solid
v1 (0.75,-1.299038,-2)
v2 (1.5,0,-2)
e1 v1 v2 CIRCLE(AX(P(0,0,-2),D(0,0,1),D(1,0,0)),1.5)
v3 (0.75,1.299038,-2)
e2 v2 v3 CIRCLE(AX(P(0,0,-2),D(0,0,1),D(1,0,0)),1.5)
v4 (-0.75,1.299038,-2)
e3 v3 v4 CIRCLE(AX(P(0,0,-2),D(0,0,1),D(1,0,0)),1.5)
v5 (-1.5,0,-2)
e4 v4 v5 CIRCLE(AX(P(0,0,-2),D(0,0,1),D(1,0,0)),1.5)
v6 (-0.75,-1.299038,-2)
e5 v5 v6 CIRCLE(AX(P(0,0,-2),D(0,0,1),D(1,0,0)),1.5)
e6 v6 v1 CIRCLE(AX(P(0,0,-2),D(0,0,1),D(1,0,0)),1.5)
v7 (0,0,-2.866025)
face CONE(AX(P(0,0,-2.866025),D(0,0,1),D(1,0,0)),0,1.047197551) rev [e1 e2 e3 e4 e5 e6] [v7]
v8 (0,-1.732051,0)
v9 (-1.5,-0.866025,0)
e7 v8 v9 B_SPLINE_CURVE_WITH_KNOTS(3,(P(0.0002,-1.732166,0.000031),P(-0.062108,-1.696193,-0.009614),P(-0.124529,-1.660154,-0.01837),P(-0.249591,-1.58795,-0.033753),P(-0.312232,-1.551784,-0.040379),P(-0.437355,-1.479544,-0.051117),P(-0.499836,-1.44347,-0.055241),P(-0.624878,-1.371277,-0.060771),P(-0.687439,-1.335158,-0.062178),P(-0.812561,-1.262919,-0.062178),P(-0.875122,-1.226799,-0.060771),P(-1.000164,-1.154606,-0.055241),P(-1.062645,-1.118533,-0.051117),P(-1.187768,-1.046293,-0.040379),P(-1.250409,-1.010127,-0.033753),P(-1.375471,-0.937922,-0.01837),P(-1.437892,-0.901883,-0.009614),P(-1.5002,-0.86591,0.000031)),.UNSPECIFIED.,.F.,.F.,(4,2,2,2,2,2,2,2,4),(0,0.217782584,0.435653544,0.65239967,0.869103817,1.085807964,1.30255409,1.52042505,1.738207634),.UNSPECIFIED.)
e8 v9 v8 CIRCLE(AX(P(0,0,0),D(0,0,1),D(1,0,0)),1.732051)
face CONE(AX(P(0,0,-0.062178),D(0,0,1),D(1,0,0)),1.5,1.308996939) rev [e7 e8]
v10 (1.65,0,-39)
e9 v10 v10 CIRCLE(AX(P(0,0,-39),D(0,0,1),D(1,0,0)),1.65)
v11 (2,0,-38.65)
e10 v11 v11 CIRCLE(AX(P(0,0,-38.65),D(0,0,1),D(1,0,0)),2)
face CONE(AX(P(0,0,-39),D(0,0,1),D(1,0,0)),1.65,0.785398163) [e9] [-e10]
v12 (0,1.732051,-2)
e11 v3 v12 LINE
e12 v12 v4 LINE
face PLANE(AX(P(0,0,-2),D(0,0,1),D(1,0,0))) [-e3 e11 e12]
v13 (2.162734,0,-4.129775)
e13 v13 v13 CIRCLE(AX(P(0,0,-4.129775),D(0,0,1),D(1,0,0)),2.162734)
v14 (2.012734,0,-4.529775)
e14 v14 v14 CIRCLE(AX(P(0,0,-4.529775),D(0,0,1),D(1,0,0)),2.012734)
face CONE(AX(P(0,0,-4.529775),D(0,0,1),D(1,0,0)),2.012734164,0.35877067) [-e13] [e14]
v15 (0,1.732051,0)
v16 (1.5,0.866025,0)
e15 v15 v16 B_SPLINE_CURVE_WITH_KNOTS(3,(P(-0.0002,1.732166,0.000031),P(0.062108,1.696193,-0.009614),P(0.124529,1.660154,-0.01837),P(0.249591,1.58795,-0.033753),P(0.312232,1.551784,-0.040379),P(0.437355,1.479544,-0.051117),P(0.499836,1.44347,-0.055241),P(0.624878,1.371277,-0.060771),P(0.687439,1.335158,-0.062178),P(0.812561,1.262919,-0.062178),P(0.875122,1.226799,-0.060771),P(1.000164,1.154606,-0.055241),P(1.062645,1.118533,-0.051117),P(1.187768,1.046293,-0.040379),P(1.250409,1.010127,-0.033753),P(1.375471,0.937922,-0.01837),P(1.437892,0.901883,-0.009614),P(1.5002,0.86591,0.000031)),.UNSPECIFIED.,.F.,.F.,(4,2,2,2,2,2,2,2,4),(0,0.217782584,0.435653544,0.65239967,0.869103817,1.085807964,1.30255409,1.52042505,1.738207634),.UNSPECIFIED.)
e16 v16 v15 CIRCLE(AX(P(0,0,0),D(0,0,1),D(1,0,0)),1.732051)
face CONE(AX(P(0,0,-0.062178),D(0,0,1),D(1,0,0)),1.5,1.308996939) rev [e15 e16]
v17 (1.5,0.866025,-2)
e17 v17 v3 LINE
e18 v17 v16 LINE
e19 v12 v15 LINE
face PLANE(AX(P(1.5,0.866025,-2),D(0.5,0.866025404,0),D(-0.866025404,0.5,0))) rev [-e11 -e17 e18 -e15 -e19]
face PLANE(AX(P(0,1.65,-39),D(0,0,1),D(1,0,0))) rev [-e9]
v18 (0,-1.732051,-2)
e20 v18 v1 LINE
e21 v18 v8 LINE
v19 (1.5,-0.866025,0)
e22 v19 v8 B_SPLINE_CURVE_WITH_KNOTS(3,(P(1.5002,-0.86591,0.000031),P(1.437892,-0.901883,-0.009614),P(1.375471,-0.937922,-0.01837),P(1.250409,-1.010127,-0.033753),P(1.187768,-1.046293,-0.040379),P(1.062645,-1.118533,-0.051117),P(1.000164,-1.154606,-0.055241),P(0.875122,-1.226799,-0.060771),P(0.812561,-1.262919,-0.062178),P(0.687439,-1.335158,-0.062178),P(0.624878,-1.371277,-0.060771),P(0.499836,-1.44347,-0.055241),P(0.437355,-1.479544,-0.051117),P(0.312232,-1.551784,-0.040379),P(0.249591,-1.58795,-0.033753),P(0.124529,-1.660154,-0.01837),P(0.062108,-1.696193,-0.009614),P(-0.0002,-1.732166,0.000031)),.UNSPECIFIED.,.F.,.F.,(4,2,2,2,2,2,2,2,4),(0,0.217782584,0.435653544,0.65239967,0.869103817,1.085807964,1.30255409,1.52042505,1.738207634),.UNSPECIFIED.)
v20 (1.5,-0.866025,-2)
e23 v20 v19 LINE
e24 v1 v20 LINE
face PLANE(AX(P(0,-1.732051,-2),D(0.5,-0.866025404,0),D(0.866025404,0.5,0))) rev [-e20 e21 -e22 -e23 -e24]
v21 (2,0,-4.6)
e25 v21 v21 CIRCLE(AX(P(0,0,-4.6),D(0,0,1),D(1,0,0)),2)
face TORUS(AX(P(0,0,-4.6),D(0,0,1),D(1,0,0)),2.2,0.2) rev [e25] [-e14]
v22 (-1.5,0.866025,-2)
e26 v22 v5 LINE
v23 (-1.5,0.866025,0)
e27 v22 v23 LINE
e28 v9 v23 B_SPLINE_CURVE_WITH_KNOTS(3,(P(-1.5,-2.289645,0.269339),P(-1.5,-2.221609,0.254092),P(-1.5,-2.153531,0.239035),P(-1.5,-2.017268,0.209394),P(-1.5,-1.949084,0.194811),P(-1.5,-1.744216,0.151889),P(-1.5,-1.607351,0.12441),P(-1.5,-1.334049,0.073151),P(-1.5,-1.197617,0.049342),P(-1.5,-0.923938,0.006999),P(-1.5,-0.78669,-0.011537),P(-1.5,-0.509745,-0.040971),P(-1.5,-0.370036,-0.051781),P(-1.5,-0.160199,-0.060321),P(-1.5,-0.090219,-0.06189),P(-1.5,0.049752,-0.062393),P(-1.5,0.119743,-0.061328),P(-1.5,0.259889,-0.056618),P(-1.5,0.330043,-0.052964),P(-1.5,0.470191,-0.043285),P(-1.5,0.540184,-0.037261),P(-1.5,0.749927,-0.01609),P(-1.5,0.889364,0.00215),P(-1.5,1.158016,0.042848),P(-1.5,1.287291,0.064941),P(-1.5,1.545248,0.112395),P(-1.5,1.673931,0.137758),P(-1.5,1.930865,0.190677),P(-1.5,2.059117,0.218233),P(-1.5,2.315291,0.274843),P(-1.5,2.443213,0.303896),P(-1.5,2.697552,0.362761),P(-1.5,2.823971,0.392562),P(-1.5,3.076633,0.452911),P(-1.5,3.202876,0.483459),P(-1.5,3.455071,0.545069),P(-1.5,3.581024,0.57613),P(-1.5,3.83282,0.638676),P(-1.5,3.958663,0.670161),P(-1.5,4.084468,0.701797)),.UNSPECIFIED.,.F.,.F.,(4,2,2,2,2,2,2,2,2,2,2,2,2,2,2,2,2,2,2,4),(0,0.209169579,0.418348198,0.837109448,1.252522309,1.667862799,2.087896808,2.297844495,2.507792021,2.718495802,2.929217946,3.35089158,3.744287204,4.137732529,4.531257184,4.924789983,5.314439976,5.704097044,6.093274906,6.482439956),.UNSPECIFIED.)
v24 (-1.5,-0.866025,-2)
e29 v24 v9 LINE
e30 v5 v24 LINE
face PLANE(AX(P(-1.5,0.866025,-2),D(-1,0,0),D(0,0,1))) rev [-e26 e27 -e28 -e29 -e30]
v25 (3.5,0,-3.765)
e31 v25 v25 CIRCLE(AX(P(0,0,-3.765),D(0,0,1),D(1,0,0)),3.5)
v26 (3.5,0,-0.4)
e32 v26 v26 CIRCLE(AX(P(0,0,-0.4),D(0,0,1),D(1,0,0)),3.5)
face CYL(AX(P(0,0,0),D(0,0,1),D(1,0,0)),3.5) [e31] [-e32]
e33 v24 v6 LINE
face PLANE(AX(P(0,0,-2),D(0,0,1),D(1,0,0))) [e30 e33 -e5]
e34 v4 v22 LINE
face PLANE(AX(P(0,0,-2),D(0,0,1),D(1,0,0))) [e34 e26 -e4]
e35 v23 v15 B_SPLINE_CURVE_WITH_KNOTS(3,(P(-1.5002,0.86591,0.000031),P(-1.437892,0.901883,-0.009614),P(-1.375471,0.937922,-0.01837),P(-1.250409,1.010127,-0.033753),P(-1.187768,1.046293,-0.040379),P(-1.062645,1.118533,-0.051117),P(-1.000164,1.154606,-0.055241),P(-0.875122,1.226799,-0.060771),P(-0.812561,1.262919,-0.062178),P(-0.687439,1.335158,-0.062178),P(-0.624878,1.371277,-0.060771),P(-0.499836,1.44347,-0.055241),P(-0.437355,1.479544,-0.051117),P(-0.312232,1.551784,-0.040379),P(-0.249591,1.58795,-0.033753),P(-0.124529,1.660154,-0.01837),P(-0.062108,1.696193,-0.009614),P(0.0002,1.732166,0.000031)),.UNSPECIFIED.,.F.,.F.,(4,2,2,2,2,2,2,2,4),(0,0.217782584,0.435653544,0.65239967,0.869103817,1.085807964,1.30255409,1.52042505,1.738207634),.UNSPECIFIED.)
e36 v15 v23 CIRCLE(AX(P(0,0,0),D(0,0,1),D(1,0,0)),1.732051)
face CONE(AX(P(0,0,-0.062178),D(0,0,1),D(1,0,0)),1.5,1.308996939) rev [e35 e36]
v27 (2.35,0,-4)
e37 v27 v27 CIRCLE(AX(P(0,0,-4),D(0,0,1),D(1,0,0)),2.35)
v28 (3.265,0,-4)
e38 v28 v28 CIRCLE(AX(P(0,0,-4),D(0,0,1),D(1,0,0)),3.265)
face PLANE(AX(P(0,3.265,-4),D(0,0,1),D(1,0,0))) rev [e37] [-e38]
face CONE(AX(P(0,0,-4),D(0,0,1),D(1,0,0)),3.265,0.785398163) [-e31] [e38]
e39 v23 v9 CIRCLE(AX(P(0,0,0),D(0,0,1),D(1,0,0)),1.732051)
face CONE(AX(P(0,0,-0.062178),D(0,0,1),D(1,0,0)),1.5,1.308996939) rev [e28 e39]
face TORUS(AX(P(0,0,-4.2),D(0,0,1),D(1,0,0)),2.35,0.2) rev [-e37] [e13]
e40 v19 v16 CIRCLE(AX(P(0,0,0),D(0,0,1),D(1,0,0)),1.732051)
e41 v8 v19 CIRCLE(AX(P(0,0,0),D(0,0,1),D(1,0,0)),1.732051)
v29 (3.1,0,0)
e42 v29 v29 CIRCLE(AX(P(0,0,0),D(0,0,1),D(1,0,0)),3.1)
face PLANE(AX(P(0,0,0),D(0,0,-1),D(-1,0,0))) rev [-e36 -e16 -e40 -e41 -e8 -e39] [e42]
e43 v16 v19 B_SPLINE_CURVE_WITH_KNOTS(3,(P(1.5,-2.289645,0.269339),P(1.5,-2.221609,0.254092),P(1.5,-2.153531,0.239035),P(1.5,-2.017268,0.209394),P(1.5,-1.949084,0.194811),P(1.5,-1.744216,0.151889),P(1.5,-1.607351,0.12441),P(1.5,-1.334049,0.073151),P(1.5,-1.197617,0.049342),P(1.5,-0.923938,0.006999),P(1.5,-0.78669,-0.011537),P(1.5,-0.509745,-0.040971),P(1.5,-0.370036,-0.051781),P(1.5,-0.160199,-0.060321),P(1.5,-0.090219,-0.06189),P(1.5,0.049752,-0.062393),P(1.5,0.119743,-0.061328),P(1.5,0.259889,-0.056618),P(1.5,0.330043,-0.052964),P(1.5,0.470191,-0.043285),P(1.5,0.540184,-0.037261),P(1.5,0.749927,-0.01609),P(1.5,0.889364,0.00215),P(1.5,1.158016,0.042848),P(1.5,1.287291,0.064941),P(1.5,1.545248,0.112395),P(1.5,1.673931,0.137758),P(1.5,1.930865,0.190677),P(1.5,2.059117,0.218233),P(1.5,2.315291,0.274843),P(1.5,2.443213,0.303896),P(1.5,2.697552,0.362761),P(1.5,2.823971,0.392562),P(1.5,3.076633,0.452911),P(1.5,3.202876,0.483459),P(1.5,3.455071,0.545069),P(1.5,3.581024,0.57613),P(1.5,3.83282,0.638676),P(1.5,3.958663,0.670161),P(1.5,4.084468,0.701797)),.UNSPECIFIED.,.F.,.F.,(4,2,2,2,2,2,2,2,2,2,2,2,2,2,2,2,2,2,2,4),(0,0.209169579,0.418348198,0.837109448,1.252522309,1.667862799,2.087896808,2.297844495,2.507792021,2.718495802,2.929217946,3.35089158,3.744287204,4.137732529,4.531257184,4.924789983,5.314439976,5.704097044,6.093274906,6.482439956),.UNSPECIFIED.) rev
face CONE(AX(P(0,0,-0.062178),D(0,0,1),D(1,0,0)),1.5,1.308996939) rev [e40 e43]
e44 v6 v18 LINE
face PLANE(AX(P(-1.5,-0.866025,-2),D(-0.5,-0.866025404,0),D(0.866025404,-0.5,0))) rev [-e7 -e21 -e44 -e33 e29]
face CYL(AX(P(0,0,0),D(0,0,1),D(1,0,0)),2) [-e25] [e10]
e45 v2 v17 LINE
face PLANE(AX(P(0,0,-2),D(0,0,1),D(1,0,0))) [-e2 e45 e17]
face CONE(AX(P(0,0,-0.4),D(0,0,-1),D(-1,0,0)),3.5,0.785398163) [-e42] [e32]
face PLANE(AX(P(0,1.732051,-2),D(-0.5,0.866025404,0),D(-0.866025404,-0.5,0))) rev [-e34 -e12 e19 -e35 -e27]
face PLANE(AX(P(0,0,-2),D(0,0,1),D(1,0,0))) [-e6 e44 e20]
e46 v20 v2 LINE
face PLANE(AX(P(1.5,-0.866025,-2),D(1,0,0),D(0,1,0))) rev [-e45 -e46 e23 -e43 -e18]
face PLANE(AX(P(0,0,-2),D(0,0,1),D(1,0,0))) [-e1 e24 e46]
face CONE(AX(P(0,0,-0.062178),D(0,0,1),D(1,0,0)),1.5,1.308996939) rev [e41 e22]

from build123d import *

# Parameters (mm, degrees)
CUT_EXTRUDE1_DEPTH = 2


with BuildPart() as part:
    # Sketch1 → Revolve1 (revolve)
    with BuildSketch(Plane(origin=(0, 0, 0), x_dir=(0, 0, -1), z_dir=(1, 0, 0))):
        with BuildLine():
            Line((0, 0), (0, 3.1))
            Line((0, 3.1), (0.4, 3.5))
            Line((0.4, 3.5), (3.765, 3.5))
            Line((3.765, 3.5), (4, 3.265))
            Line((4, 3.265), (4, 2.35))
            ThreePointArc((4, 2.35), (4.035614876, 2.236081032), (4.129775312, 2.162734164))
            Line((4.129775312, 2.162734164), (4.529775312, 2.012734164))
            ThreePointArc((4.529775312, 2.012734164), (4.564315039, 2.00320929), (4.6, 2))
            Line((4.6, 2), (38.65, 2))
            Line((38.65, 2), (39, 1.65))
            Line((39, 1.65), (39, 0))
            Line((39, 0), (0, 0))
        make_face()
    revolve(axis=Axis((0, 0, 0), (0, 0, -1)))

    # Sketch2 → Cut-Extrude1 (cut)
    with BuildSketch(Plane.XY):
        Polygon((0, 1.732050808), (-1.5, 0.866025404), (-1.5, -0.866025404), (0, -1.732050808), (1.5, -0.866025404), (1.5, 0.866025404), align=None)
    extrude(amount=-CUT_EXTRUDE1_DEPTH, mode=Mode.SUBTRACT)

    # Sketch3 → Cut-Revolve2 (revolve, cut)
    with BuildSketch(Plane(origin=(0, 0, 0), x_dir=(0, 0, -1), z_dir=(1, 0, 0))):
        Polygon((2, 0), (2, 1.5), (2.866025404, 0), align=None)
    revolve(axis=Axis((0, 0, -2), (0, 0, -1)), mode=Mode.SUBTRACT)

    # Sketch4 → Cut-Revolve3 (revolve, cut)
    with BuildSketch(Plane(origin=(0, 0, 0), x_dir=(0, 0, -1), z_dir=(1, 0, 0))):
        Polygon((0, 1.732050808), (0, 1.5), (0.062177826, 1.5), align=None)
    revolve(axis=Axis((0, 0, 0), (0, 0, -1)), mode=Mode.SUBTRACT)


solid = part.part
